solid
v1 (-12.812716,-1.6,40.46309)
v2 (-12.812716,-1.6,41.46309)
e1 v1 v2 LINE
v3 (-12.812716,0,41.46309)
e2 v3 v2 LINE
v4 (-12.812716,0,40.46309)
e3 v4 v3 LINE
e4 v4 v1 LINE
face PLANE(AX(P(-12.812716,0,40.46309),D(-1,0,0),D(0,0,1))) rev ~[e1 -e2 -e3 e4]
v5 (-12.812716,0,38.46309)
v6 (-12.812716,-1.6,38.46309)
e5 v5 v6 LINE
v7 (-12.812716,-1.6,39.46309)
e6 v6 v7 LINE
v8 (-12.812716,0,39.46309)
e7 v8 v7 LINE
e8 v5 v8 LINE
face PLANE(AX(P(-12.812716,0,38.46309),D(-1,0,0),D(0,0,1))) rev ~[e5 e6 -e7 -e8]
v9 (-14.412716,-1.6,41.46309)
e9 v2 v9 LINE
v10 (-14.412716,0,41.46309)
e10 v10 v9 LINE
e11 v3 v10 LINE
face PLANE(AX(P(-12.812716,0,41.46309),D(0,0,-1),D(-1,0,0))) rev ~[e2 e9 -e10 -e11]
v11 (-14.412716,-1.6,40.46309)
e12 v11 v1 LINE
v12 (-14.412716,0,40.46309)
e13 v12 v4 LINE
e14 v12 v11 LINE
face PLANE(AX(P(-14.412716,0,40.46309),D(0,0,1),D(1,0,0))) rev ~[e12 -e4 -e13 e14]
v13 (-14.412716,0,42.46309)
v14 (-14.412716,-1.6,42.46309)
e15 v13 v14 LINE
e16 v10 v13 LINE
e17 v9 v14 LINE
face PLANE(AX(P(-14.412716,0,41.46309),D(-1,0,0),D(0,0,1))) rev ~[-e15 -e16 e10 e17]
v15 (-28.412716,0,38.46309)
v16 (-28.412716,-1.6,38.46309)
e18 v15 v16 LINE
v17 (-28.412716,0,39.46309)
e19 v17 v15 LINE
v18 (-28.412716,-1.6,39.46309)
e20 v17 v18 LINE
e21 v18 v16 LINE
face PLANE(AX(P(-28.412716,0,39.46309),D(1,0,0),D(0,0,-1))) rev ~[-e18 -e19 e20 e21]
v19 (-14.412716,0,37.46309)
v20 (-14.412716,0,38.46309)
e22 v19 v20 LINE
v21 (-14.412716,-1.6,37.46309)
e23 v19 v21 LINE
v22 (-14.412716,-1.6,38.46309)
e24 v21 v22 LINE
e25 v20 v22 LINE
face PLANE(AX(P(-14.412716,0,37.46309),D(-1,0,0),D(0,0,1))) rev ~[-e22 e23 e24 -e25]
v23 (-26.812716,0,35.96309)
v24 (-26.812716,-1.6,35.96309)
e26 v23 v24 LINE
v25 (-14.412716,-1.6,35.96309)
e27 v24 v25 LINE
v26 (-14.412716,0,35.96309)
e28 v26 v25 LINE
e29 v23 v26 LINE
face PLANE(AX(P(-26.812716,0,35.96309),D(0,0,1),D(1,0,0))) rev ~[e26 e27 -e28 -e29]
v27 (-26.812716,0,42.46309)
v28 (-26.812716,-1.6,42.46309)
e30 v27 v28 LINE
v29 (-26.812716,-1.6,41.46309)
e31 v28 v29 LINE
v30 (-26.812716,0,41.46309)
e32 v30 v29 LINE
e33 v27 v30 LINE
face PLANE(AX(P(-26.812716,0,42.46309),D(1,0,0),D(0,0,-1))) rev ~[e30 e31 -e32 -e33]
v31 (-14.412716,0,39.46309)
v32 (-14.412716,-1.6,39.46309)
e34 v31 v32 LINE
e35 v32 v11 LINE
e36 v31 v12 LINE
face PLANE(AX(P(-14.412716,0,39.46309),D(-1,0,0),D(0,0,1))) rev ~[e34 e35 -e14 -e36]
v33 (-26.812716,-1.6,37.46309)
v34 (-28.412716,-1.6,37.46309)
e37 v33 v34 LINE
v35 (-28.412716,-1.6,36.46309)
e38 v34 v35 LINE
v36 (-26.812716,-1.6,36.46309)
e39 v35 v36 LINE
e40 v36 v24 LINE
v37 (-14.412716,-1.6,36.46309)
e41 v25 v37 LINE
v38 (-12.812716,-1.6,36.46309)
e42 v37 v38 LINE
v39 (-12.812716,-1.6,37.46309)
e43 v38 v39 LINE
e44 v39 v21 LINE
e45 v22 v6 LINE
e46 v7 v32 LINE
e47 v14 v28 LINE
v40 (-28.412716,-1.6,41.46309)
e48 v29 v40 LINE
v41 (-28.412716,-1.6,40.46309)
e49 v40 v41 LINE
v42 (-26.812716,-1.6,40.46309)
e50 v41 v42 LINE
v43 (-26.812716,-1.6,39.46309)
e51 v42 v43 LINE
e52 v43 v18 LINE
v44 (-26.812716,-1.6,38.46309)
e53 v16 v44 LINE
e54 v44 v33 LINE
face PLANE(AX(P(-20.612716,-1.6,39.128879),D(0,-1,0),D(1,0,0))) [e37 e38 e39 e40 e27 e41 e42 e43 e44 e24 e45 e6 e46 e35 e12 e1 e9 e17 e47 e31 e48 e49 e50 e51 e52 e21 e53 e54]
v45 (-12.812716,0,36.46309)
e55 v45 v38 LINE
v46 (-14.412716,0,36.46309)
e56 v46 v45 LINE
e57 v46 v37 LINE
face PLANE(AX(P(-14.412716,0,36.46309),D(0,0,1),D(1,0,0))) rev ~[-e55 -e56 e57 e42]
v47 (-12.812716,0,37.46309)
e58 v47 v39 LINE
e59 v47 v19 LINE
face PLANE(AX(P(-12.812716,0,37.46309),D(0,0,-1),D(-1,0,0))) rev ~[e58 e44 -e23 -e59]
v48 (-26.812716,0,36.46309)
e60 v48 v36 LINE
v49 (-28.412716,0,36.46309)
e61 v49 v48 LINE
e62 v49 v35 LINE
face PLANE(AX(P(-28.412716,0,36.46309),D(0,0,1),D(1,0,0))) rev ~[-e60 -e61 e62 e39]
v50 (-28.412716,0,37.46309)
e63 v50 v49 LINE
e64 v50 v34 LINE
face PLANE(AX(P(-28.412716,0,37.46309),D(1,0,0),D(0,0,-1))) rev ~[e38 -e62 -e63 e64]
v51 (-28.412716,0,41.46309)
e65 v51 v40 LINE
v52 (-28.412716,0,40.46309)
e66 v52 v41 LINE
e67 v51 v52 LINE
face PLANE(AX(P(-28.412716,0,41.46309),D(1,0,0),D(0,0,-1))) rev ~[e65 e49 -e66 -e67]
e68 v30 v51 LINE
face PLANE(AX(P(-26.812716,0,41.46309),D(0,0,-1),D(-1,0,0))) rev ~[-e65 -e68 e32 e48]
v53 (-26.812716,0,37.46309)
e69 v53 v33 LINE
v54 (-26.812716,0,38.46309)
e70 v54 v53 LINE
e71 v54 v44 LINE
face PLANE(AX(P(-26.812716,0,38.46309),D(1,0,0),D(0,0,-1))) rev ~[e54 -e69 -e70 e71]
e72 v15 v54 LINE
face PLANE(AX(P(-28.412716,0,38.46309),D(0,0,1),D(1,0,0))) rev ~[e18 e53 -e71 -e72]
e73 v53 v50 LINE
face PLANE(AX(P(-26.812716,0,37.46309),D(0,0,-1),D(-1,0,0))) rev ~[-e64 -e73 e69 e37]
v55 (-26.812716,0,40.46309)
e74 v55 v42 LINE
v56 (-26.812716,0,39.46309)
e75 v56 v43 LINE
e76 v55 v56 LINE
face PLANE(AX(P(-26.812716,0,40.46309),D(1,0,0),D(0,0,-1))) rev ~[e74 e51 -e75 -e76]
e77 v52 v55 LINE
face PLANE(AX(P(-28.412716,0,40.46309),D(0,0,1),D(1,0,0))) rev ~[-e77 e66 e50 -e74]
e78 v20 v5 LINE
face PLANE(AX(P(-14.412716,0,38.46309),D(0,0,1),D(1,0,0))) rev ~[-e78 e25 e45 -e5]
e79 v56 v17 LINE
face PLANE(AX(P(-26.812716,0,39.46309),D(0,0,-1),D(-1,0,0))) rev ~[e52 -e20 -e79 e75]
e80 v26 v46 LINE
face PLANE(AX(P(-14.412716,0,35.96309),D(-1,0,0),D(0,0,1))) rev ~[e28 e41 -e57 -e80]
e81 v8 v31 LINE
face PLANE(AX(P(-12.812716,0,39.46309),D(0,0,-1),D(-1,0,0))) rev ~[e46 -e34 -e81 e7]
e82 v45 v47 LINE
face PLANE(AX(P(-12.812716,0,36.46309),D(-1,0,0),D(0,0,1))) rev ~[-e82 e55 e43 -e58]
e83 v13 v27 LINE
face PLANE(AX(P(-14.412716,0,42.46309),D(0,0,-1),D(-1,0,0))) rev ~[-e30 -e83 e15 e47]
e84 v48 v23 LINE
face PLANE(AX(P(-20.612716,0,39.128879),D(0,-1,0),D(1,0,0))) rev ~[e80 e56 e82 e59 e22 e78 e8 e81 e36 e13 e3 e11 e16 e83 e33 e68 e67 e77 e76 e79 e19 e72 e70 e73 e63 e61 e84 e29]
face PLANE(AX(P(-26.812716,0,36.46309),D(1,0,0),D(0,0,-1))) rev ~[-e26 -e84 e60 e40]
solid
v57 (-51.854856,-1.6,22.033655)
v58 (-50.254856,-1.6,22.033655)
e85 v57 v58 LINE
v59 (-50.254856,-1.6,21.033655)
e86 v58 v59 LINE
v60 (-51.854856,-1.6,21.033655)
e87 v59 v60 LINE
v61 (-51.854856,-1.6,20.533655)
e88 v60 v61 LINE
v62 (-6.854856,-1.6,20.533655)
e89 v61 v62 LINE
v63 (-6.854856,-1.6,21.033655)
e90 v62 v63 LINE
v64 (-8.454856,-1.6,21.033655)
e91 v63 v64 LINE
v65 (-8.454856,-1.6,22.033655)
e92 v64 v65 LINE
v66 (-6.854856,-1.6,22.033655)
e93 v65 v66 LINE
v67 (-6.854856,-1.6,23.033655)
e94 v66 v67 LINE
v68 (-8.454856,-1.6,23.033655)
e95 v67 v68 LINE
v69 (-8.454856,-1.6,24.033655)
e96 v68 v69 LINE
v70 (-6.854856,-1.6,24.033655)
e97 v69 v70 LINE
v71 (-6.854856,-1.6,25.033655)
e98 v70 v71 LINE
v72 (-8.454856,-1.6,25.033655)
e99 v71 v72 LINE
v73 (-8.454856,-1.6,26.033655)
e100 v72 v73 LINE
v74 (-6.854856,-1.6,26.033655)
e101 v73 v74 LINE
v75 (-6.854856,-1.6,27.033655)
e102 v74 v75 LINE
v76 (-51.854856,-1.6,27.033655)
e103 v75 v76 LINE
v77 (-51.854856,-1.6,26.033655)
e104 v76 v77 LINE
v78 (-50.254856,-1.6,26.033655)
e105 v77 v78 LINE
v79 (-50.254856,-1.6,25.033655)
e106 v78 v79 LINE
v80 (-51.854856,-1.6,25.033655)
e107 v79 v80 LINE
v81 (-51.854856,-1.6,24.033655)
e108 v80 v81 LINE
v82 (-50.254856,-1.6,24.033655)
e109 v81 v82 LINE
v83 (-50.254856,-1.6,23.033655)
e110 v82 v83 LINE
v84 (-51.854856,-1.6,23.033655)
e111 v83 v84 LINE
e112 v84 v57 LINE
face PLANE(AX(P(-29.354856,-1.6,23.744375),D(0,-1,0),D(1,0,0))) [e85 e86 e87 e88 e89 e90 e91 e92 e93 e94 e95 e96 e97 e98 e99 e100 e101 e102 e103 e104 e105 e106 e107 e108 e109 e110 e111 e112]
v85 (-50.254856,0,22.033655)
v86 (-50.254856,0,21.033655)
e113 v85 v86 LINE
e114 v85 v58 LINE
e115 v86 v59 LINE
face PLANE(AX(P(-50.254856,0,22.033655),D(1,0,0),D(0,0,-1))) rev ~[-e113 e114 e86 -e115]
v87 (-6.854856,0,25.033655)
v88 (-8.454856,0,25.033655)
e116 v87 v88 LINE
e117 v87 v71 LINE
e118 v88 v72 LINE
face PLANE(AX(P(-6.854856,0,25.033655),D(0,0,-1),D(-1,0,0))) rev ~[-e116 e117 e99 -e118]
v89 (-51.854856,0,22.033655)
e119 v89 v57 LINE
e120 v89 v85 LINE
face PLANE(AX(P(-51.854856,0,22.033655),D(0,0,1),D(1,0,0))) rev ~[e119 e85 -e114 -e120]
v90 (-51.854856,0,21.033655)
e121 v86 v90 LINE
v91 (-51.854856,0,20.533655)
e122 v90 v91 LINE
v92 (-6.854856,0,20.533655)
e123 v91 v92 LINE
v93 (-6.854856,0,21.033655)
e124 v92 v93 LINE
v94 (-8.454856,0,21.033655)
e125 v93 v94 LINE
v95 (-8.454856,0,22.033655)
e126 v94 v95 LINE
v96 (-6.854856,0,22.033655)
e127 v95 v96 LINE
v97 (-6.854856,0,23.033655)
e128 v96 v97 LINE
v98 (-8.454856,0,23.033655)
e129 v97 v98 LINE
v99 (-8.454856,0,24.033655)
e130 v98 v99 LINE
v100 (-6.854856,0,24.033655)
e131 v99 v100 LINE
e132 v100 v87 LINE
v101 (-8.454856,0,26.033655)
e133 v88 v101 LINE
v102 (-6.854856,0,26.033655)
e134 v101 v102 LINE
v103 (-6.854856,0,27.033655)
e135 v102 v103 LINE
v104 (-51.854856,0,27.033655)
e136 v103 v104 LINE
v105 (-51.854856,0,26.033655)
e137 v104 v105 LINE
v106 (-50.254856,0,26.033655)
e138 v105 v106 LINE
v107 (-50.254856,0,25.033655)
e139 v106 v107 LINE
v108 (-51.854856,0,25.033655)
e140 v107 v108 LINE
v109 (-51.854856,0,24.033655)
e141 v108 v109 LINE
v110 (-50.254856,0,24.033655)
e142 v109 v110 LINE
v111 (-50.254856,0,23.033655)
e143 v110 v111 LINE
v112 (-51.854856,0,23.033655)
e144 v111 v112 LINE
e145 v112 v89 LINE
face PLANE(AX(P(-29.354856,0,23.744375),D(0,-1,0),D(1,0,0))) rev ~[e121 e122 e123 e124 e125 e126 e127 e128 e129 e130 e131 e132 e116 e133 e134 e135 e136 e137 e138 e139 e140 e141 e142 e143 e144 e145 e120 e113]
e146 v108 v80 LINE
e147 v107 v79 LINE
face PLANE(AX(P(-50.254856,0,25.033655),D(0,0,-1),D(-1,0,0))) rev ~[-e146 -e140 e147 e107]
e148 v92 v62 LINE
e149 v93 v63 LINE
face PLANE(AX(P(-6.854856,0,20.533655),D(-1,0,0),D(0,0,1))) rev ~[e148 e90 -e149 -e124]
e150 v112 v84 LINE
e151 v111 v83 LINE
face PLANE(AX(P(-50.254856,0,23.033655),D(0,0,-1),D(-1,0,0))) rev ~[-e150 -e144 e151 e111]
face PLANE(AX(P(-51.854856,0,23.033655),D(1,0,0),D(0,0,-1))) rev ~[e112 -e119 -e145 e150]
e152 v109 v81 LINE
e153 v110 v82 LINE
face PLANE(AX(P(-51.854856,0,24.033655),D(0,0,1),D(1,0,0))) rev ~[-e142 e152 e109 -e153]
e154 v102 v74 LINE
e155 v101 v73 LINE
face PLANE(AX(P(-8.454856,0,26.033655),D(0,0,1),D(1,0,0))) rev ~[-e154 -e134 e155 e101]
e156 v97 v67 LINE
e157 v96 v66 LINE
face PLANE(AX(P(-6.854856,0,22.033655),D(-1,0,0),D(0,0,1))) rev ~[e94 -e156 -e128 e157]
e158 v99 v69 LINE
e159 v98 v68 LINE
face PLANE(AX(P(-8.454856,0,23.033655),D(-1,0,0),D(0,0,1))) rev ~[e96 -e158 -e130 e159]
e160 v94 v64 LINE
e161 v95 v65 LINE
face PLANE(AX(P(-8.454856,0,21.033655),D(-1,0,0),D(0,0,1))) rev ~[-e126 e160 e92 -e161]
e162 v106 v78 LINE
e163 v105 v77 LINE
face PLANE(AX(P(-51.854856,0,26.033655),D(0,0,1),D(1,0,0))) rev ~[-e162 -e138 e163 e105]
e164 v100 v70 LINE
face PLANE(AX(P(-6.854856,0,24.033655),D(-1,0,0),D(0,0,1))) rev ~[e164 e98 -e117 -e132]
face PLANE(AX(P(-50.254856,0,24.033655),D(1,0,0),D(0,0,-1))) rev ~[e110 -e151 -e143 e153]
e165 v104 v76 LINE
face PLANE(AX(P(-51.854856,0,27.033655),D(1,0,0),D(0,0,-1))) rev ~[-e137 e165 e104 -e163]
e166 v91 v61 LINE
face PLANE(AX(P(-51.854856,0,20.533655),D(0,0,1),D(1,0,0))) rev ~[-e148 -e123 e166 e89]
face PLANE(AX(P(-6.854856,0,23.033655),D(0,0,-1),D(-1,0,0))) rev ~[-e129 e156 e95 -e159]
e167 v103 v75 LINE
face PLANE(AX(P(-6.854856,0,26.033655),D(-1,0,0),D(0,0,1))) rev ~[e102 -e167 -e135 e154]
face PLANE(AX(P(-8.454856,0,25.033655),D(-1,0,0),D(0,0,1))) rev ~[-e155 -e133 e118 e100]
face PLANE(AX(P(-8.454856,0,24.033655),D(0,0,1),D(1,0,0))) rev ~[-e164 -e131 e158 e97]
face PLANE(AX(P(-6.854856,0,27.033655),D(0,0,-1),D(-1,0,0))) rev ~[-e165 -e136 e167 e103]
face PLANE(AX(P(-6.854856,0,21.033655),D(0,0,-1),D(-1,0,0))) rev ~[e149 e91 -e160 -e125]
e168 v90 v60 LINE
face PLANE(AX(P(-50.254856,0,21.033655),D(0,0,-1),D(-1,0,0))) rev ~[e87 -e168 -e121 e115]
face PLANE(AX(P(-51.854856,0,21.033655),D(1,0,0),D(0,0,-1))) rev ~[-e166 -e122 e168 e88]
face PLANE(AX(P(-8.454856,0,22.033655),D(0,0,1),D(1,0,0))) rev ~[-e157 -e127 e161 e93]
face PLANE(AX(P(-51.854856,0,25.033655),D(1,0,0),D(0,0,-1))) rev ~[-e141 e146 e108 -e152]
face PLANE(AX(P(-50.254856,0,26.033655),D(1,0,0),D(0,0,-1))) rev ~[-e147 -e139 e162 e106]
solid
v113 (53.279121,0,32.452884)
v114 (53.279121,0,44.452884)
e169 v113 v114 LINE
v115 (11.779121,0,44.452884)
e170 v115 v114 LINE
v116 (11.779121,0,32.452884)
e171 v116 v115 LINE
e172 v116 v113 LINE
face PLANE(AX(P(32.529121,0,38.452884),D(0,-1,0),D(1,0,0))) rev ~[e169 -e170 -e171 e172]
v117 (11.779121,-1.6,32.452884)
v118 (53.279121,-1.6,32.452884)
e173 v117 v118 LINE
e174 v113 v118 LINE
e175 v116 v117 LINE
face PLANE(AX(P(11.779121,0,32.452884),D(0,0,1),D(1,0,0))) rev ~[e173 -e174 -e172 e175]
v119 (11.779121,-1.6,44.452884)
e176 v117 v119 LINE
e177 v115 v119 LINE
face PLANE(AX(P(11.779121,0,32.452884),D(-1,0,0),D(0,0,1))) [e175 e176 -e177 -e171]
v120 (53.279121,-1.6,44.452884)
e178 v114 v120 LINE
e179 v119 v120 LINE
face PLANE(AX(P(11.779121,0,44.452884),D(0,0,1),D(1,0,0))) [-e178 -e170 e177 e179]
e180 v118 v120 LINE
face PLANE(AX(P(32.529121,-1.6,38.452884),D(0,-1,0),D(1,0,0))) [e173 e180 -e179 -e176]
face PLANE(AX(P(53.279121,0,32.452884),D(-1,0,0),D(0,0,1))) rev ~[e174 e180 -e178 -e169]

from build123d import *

# Parameters (mm, degrees)
F0_W     = 41.5
F0_H     = 12
F1_DEPTH = 1.6


with BuildPart() as f1:
    # F0 (on Front) → F1 (new body)
    with BuildSketch(Plane.XZ):
        Polygon((-14.412716, 42.46309), (-26.812716, 42.46309), (-26.812716, 41.46309), (-28.412716, 41.46309), (-28.412716, 40.46309), (-26.812716, 40.46309), (-26.812716, 39.46309), (-28.412716, 39.46309), (-28.412716, 38.46309), (-26.812716, 38.46309), (-26.812716, 37.46309), (-28.412716, 37.46309), (-28.412716, 36.46309), (-26.812716, 36.46309), (-26.812716, 35.96309), (-14.412716, 35.96309), (-14.412716, 36.46309), (-12.812716, 36.46309), (-12.812716, 37.46309), (-14.412716, 37.46309), (-14.412716, 38.46309), (-12.812716, 38.46309), (-12.812716, 39.46309), (-14.412716, 39.46309), (-14.412716, 40.46309), (-12.812716, 40.46309), (-12.812716, 41.46309), (-14.412716, 41.46309), align=None)
        with Locations((32.529121, 38.452884)):
            Rectangle(F0_W, F0_H)
        Polygon((-6.854856, 27.033655), (-51.854856, 27.033655), (-51.854856, 26.033655), (-50.254856, 26.033655), (-50.254856, 25.033655), (-51.854856, 25.033655), (-51.854856, 24.033655), (-50.254856, 24.033655), (-50.254856, 23.033655), (-51.854856, 23.033655), (-51.854856, 22.033655), (-50.254856, 22.033655), (-50.254856, 21.033655), (-51.854856, 21.033655), (-51.854856, 20.533655), (-6.854856, 20.533655), (-6.854856, 21.033655), (-8.454856, 21.033655), (-8.454856, 22.033655), (-6.854856, 22.033655), (-6.854856, 23.033655), (-8.454856, 23.033655), (-8.454856, 24.033655), (-6.854856, 24.033655), (-6.854856, 25.033655), (-8.454856, 25.033655), (-8.454856, 26.033655), (-6.854856, 26.033655), align=None)
    extrude(amount=F1_DEPTH)


solid = f1.part
